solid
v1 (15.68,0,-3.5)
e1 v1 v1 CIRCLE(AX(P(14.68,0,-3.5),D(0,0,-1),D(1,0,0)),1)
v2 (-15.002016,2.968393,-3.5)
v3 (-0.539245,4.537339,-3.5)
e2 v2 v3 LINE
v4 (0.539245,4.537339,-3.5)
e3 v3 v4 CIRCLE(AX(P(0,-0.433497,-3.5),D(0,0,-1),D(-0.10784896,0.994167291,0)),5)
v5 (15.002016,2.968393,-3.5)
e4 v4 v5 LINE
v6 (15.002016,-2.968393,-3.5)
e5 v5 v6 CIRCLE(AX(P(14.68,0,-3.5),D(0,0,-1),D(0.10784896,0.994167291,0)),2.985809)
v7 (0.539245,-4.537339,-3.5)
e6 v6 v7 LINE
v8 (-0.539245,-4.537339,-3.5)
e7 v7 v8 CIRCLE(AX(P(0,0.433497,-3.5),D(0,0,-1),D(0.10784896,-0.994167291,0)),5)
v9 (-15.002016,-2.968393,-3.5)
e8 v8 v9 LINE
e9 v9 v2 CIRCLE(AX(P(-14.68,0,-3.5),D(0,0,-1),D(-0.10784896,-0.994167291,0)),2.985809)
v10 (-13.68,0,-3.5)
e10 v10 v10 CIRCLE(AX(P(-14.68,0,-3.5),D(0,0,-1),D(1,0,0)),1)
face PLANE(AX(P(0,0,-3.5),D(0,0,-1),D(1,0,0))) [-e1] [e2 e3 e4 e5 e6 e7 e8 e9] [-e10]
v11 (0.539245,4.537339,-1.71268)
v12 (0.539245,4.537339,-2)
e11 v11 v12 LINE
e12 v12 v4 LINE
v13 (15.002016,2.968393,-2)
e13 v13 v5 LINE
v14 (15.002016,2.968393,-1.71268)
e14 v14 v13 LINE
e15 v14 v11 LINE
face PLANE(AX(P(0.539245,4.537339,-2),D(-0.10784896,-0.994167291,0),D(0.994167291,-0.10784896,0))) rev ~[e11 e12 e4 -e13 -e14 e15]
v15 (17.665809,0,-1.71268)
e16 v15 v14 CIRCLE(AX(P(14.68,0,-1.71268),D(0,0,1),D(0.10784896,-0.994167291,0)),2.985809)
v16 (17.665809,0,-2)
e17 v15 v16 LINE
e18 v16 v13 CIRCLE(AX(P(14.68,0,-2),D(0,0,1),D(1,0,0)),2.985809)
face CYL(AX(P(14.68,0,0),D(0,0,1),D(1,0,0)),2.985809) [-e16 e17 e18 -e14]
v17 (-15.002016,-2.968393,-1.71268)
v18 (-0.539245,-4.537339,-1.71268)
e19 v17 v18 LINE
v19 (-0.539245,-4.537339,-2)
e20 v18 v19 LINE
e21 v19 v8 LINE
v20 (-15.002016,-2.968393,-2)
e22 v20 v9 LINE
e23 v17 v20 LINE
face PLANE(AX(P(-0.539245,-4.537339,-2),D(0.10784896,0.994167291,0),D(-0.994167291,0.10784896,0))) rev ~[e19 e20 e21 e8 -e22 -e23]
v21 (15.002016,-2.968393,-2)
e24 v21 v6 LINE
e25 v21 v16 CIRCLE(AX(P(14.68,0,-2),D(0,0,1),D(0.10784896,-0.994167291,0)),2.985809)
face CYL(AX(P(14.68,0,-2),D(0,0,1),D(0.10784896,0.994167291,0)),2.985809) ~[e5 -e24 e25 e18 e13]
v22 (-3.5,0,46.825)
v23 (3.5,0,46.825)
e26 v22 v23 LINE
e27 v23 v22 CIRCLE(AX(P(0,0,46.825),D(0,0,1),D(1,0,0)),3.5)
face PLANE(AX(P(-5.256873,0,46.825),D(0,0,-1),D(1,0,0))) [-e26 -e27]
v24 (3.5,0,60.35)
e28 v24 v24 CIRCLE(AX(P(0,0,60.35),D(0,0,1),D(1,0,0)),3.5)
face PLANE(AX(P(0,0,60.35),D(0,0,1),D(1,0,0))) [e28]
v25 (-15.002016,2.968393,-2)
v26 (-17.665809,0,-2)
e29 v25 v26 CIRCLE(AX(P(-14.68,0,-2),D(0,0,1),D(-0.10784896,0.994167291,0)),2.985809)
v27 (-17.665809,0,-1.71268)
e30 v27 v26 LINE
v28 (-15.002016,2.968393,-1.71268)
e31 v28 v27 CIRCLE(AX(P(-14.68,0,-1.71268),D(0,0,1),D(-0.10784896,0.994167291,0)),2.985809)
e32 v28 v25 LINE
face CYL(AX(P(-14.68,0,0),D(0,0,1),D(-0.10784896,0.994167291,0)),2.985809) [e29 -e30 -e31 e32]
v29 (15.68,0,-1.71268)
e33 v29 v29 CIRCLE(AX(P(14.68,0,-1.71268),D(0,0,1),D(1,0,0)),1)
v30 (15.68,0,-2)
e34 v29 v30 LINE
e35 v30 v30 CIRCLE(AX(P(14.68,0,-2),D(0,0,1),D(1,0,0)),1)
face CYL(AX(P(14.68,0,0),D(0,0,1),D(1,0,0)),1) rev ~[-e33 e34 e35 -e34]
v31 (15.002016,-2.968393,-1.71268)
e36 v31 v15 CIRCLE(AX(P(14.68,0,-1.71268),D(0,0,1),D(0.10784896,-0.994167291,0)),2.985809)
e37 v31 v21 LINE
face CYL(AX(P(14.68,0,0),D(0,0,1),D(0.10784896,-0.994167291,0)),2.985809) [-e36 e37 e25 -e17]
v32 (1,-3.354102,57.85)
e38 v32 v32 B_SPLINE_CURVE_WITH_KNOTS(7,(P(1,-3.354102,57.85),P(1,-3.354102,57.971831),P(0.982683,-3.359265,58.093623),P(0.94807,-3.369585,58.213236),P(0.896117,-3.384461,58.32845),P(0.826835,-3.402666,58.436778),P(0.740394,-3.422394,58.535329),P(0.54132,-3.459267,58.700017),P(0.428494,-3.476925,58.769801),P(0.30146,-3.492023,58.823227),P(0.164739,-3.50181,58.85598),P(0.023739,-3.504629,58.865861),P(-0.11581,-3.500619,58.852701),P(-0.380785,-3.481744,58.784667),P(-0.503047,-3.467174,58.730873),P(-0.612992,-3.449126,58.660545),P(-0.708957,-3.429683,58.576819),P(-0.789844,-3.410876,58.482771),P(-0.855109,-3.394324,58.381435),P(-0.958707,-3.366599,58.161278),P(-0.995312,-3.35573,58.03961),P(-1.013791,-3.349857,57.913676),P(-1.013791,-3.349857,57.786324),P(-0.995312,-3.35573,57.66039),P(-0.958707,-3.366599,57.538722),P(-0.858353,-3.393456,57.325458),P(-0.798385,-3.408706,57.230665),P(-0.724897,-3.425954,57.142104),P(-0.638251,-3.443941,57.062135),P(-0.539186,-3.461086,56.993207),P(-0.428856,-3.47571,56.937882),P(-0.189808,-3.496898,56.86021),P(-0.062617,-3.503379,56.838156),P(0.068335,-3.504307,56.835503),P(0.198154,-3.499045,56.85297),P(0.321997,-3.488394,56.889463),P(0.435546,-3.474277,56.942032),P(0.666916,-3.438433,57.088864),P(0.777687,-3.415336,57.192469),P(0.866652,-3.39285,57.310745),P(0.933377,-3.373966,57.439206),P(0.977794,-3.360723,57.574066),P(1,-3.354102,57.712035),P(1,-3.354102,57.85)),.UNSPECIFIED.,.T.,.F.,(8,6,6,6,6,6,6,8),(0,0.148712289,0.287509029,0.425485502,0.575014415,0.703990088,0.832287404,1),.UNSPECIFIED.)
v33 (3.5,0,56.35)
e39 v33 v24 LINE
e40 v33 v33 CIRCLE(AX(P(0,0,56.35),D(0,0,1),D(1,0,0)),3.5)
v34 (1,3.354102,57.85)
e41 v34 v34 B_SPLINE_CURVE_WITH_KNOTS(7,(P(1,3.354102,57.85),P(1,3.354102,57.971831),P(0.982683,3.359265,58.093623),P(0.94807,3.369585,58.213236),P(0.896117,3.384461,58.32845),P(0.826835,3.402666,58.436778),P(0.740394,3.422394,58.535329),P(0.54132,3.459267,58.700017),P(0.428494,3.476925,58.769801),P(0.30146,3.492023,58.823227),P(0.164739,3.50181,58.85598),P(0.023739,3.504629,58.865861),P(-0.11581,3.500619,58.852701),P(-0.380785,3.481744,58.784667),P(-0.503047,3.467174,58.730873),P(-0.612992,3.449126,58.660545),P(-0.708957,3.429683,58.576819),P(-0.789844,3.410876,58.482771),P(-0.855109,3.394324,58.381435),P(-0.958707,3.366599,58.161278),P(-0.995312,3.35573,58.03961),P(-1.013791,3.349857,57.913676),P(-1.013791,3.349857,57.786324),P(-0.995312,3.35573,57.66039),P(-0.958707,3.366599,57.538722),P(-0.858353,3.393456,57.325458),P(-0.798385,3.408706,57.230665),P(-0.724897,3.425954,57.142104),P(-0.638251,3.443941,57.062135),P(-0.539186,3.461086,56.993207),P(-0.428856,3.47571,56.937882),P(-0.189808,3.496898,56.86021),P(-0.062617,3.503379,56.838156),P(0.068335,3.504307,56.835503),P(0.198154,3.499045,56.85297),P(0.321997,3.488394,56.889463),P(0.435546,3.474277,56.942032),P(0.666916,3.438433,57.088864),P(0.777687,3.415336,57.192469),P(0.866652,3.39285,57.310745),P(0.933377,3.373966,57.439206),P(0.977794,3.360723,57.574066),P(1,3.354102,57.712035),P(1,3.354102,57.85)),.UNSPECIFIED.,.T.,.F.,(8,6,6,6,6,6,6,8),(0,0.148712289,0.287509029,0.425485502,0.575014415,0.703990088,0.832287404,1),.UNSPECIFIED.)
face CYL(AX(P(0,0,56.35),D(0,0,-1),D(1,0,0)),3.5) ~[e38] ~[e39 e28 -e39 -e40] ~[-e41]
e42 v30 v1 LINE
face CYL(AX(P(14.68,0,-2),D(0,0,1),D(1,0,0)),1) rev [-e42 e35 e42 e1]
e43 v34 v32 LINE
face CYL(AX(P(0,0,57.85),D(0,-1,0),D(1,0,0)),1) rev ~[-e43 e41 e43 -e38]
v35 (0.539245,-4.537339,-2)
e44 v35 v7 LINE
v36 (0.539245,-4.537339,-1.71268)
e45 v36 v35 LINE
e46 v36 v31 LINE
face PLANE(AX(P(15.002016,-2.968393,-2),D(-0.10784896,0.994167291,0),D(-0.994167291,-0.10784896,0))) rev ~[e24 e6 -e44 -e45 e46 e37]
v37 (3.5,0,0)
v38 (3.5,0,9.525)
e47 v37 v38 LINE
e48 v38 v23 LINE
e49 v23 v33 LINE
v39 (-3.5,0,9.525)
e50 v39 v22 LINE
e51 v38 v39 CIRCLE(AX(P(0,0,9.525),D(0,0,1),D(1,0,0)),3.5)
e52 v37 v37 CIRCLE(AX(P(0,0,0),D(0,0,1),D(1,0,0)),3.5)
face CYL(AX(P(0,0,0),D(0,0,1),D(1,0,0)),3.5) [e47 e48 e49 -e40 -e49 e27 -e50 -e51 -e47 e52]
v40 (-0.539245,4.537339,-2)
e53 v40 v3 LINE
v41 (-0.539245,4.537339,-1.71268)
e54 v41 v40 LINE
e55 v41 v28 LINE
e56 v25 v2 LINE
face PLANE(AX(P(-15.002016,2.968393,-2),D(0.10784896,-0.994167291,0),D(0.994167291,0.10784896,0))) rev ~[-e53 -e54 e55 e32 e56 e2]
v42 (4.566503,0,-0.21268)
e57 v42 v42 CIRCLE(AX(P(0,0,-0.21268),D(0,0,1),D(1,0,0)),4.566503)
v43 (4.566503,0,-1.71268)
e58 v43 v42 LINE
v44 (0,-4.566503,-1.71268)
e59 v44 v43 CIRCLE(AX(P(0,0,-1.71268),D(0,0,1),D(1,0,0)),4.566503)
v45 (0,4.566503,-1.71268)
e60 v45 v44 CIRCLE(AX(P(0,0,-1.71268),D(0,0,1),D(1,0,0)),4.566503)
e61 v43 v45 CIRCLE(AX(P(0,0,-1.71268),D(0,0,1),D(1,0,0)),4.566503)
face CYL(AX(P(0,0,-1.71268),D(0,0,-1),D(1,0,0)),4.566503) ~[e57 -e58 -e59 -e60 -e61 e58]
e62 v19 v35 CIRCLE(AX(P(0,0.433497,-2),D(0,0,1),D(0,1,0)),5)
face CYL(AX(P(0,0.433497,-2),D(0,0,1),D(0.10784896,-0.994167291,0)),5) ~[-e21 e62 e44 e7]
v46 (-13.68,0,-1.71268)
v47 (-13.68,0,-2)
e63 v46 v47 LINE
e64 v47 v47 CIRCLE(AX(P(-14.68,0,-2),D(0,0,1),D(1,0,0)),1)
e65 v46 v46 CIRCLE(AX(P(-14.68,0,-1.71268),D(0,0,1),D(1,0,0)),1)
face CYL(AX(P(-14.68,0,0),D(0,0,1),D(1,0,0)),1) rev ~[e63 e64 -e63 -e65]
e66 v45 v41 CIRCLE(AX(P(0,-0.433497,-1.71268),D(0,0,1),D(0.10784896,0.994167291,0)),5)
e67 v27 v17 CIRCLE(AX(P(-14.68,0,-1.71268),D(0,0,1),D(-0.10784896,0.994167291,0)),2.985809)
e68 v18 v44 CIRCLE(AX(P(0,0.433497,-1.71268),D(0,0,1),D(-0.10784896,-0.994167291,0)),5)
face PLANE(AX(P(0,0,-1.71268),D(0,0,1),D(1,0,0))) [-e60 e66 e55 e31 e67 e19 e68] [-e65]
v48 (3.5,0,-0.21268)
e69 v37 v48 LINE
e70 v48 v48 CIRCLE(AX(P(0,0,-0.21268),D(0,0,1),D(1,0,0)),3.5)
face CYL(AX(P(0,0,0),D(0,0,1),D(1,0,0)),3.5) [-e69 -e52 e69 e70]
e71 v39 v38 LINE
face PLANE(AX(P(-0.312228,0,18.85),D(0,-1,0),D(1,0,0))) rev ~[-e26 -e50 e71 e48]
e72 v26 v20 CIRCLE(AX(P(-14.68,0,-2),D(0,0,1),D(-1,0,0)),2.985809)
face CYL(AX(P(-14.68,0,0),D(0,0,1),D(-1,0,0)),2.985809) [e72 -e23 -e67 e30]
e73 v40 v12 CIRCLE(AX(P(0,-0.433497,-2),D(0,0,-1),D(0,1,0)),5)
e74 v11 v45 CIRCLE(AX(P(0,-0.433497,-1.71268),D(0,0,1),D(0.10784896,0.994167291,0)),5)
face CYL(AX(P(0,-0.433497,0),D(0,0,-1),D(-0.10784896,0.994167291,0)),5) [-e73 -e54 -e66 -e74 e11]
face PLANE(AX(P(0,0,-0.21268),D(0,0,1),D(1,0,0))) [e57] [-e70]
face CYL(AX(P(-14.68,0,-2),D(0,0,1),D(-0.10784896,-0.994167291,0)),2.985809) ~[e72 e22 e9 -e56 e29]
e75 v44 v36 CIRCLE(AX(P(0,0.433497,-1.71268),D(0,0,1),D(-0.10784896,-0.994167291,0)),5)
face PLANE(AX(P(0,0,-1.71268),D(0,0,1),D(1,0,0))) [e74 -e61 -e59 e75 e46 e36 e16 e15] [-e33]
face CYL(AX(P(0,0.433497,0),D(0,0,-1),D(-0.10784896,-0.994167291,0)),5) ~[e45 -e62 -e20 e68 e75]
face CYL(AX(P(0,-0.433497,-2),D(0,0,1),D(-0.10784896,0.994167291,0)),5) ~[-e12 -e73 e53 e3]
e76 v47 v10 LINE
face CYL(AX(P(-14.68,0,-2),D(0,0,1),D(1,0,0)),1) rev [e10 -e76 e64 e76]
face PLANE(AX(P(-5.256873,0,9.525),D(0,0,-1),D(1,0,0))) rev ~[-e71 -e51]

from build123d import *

# Parameters (mm, degrees)
F0_R          = 3.5
F1_DEPTH      = 56.35
F1_DEPTH_BACK = 1.5
F2_R          = 1
F3_DEPTH      = 2
F4_R          = 5
F5_R          = 5
F6_W          = 9.889290079
F6_H          = 18.65
F7_DEPTH      = 12.13642
F8_DEPTH      = 4
F9_R          = 1
F10_DEPTH     = 12.5
F11_R         = 1
F12_DEPTH     = 1.5
F13_R         = 1
F13_R_2       = 3.5
F14_DEPTH     = 1.71268
F15_R         = 4.5665029088
F16_DEPTH     = 1.5


with BuildPart() as f1:
    # F0 (on Top) → F1 (new body, two sides)
    with BuildSketch(Plane.XY) as f1_sk:
        Circle(F0_R)
    extrude(amount=F1_DEPTH)
    extrude(f1_sk.sketch, amount=-F1_DEPTH_BACK)

    # F2 (on Top) → F3 (join)
    with BuildSketch(Plane.XY):
        with BuildLine():
            Line((0, 4.5958375558), (-15.0020163562, 2.9683932874))
            ThreePointArc((-15.0020163562, 2.9683932874), (-16.902221013, 1.994188309), (-17.6658086413, 0))
            ThreePointArc((-17.6658086413, 0), (-16.902221013, -1.994188309), (-15.0020163562, -2.9683932874))
            Line((-15.0020163562, -2.9683932874), (0, -4.5958375558))
            Line((0, -4.5958375558), (15.0020163562, -2.9683932874))
            ThreePointArc((15.0020163562, -2.9683932874), (16.902221013, -1.994188309), (17.6658086413, 0))
            ThreePointArc((17.6658086413, 0), (16.902221013, 1.994188309), (15.0020163562, 2.9683932874))
            Line((15.0020163562, 2.9683932874), (0, 4.5958375558))
        make_face()
        with Locations((-14.68, 0)):
            Circle(F2_R, mode=Mode.SUBTRACT)
        with Locations((14.68, 0)):
            Circle(F2_R, mode=Mode.SUBTRACT)
    extrude(amount=-F3_DEPTH)

    # F4
    f4_edges = [f1.edges().sort_by_distance(p)[0] for p in [
        (0, 4.595838, -1),
    ]]
    fillet(f4_edges, radius=F4_R)

    # F5
    f5_edges = [f1.edges().sort_by_distance(p)[0] for p in [
        (0, -4.595838, -1),
    ]]
    fillet(f5_edges, radius=F5_R)

    # F6 (on Front) → F7 (cut)
    with BuildSketch(Plane.XZ):
        with Locations((-0.3122284543, 18.85)):
            Rectangle(F6_W, F6_H)
        with Locations((-0.3122284543, 37.5)):
            Rectangle(F6_W, F6_H)
    extrude(amount=-F7_DEPTH, mode=Mode.SUBTRACT)

    # F8 (add): a face of the model
    f8_faces = [f1.faces().sort_by_distance(p)[0] for p in [
        (0, 0, 56.35),
    ]]
    extrude(f8_faces, amount=F8_DEPTH)

    # F9 (on Front) → F10 (cut, symmetric)
    with BuildSketch(Plane.XZ):
        with Locations((0, 57.85)):
            Circle(F9_R)
    extrude(amount=F10_DEPTH, both=True, mode=Mode.SUBTRACT)

    # F11 (on face) → F12 (join)
    with BuildSketch(Plane(origin=(0, 0, -2), x_dir=(1, 0, 0), z_dir=(0, 0, -1))):
        with BuildLine():
            Line((-0.539244799, 4.5373393622), (-15.0020163562, 2.9683932874))
            ThreePointArc((-15.0020163562, 2.9683932874), (-17.6658086413, 0), (-15.0020163562, -2.9683932874))
            Line((-15.0020163562, -2.9683932874), (-0.539244799, -4.5373393622))
            ThreePointArc((-0.539244799, -4.5373393622), (0, -4.5665029088), (0.539244799, -4.5373393622))
            Line((0.539244799, -4.5373393622), (15.0020163562, -2.9683932874))
            ThreePointArc((15.0020163562, -2.9683932874), (17.6658086413, 0), (15.0020163562, 2.9683932874))
            Line((15.0020163562, 2.9683932874), (0.539244799, 4.5373393622))
            ThreePointArc((0.539244799, 4.5373393622), (0, 4.5665029088), (-0.539244799, 4.5373393622))
        make_face()
        with Locations((-14.68, 0)):
            Circle(F11_R, mode=Mode.SUBTRACT)
        with Locations((14.68, 0)):
            Circle(F11_R, mode=Mode.SUBTRACT)
    extrude(amount=F12_DEPTH)

    # F13 (on face) → F14 (cut)
    with BuildSketch(Plane.XY):
        with BuildLine():
            Line((0.539244799, -4.5373393622), (15.0020163562, -2.9683932874))
            ThreePointArc((15.0020163562, -2.9683932874), (17.6658086413, 0), (15.0020163562, 2.9683932874))
            Line((15.0020163562, 2.9683932874), (0.539244799, 4.5373393622))
            ThreePointArc((0.539244799, 4.5373393622), (0, 4.5665029088), (-0.539244799, 4.5373393622))
            Line((-0.539244799, 4.5373393622), (-15.0020163562, 2.9683932874))
            ThreePointArc((-15.0020163562, 2.9683932874), (-17.6658086413, 0), (-15.0020163562, -2.9683932874))
            Line((-15.0020163562, -2.9683932874), (-0.539244799, -4.5373393622))
            ThreePointArc((-0.539244799, -4.5373393622), (0, -4.5665029088), (0.539244799, -4.5373393622))
        make_face()
        with Locations((-14.68, 0)):
            Circle(F13_R, mode=Mode.SUBTRACT)
        Circle(F13_R_2, mode=Mode.SUBTRACT)
        with Locations((14.68, 0)):
            Circle(F13_R, mode=Mode.SUBTRACT)
    extrude(amount=-F14_DEPTH, mode=Mode.SUBTRACT)

    # F15 (on face) → F16 (join)
    with BuildSketch(Plane.XY.offset(-1.71268)):
        Circle(F15_R)
    extrude(amount=F16_DEPTH)


solid = f1.part
